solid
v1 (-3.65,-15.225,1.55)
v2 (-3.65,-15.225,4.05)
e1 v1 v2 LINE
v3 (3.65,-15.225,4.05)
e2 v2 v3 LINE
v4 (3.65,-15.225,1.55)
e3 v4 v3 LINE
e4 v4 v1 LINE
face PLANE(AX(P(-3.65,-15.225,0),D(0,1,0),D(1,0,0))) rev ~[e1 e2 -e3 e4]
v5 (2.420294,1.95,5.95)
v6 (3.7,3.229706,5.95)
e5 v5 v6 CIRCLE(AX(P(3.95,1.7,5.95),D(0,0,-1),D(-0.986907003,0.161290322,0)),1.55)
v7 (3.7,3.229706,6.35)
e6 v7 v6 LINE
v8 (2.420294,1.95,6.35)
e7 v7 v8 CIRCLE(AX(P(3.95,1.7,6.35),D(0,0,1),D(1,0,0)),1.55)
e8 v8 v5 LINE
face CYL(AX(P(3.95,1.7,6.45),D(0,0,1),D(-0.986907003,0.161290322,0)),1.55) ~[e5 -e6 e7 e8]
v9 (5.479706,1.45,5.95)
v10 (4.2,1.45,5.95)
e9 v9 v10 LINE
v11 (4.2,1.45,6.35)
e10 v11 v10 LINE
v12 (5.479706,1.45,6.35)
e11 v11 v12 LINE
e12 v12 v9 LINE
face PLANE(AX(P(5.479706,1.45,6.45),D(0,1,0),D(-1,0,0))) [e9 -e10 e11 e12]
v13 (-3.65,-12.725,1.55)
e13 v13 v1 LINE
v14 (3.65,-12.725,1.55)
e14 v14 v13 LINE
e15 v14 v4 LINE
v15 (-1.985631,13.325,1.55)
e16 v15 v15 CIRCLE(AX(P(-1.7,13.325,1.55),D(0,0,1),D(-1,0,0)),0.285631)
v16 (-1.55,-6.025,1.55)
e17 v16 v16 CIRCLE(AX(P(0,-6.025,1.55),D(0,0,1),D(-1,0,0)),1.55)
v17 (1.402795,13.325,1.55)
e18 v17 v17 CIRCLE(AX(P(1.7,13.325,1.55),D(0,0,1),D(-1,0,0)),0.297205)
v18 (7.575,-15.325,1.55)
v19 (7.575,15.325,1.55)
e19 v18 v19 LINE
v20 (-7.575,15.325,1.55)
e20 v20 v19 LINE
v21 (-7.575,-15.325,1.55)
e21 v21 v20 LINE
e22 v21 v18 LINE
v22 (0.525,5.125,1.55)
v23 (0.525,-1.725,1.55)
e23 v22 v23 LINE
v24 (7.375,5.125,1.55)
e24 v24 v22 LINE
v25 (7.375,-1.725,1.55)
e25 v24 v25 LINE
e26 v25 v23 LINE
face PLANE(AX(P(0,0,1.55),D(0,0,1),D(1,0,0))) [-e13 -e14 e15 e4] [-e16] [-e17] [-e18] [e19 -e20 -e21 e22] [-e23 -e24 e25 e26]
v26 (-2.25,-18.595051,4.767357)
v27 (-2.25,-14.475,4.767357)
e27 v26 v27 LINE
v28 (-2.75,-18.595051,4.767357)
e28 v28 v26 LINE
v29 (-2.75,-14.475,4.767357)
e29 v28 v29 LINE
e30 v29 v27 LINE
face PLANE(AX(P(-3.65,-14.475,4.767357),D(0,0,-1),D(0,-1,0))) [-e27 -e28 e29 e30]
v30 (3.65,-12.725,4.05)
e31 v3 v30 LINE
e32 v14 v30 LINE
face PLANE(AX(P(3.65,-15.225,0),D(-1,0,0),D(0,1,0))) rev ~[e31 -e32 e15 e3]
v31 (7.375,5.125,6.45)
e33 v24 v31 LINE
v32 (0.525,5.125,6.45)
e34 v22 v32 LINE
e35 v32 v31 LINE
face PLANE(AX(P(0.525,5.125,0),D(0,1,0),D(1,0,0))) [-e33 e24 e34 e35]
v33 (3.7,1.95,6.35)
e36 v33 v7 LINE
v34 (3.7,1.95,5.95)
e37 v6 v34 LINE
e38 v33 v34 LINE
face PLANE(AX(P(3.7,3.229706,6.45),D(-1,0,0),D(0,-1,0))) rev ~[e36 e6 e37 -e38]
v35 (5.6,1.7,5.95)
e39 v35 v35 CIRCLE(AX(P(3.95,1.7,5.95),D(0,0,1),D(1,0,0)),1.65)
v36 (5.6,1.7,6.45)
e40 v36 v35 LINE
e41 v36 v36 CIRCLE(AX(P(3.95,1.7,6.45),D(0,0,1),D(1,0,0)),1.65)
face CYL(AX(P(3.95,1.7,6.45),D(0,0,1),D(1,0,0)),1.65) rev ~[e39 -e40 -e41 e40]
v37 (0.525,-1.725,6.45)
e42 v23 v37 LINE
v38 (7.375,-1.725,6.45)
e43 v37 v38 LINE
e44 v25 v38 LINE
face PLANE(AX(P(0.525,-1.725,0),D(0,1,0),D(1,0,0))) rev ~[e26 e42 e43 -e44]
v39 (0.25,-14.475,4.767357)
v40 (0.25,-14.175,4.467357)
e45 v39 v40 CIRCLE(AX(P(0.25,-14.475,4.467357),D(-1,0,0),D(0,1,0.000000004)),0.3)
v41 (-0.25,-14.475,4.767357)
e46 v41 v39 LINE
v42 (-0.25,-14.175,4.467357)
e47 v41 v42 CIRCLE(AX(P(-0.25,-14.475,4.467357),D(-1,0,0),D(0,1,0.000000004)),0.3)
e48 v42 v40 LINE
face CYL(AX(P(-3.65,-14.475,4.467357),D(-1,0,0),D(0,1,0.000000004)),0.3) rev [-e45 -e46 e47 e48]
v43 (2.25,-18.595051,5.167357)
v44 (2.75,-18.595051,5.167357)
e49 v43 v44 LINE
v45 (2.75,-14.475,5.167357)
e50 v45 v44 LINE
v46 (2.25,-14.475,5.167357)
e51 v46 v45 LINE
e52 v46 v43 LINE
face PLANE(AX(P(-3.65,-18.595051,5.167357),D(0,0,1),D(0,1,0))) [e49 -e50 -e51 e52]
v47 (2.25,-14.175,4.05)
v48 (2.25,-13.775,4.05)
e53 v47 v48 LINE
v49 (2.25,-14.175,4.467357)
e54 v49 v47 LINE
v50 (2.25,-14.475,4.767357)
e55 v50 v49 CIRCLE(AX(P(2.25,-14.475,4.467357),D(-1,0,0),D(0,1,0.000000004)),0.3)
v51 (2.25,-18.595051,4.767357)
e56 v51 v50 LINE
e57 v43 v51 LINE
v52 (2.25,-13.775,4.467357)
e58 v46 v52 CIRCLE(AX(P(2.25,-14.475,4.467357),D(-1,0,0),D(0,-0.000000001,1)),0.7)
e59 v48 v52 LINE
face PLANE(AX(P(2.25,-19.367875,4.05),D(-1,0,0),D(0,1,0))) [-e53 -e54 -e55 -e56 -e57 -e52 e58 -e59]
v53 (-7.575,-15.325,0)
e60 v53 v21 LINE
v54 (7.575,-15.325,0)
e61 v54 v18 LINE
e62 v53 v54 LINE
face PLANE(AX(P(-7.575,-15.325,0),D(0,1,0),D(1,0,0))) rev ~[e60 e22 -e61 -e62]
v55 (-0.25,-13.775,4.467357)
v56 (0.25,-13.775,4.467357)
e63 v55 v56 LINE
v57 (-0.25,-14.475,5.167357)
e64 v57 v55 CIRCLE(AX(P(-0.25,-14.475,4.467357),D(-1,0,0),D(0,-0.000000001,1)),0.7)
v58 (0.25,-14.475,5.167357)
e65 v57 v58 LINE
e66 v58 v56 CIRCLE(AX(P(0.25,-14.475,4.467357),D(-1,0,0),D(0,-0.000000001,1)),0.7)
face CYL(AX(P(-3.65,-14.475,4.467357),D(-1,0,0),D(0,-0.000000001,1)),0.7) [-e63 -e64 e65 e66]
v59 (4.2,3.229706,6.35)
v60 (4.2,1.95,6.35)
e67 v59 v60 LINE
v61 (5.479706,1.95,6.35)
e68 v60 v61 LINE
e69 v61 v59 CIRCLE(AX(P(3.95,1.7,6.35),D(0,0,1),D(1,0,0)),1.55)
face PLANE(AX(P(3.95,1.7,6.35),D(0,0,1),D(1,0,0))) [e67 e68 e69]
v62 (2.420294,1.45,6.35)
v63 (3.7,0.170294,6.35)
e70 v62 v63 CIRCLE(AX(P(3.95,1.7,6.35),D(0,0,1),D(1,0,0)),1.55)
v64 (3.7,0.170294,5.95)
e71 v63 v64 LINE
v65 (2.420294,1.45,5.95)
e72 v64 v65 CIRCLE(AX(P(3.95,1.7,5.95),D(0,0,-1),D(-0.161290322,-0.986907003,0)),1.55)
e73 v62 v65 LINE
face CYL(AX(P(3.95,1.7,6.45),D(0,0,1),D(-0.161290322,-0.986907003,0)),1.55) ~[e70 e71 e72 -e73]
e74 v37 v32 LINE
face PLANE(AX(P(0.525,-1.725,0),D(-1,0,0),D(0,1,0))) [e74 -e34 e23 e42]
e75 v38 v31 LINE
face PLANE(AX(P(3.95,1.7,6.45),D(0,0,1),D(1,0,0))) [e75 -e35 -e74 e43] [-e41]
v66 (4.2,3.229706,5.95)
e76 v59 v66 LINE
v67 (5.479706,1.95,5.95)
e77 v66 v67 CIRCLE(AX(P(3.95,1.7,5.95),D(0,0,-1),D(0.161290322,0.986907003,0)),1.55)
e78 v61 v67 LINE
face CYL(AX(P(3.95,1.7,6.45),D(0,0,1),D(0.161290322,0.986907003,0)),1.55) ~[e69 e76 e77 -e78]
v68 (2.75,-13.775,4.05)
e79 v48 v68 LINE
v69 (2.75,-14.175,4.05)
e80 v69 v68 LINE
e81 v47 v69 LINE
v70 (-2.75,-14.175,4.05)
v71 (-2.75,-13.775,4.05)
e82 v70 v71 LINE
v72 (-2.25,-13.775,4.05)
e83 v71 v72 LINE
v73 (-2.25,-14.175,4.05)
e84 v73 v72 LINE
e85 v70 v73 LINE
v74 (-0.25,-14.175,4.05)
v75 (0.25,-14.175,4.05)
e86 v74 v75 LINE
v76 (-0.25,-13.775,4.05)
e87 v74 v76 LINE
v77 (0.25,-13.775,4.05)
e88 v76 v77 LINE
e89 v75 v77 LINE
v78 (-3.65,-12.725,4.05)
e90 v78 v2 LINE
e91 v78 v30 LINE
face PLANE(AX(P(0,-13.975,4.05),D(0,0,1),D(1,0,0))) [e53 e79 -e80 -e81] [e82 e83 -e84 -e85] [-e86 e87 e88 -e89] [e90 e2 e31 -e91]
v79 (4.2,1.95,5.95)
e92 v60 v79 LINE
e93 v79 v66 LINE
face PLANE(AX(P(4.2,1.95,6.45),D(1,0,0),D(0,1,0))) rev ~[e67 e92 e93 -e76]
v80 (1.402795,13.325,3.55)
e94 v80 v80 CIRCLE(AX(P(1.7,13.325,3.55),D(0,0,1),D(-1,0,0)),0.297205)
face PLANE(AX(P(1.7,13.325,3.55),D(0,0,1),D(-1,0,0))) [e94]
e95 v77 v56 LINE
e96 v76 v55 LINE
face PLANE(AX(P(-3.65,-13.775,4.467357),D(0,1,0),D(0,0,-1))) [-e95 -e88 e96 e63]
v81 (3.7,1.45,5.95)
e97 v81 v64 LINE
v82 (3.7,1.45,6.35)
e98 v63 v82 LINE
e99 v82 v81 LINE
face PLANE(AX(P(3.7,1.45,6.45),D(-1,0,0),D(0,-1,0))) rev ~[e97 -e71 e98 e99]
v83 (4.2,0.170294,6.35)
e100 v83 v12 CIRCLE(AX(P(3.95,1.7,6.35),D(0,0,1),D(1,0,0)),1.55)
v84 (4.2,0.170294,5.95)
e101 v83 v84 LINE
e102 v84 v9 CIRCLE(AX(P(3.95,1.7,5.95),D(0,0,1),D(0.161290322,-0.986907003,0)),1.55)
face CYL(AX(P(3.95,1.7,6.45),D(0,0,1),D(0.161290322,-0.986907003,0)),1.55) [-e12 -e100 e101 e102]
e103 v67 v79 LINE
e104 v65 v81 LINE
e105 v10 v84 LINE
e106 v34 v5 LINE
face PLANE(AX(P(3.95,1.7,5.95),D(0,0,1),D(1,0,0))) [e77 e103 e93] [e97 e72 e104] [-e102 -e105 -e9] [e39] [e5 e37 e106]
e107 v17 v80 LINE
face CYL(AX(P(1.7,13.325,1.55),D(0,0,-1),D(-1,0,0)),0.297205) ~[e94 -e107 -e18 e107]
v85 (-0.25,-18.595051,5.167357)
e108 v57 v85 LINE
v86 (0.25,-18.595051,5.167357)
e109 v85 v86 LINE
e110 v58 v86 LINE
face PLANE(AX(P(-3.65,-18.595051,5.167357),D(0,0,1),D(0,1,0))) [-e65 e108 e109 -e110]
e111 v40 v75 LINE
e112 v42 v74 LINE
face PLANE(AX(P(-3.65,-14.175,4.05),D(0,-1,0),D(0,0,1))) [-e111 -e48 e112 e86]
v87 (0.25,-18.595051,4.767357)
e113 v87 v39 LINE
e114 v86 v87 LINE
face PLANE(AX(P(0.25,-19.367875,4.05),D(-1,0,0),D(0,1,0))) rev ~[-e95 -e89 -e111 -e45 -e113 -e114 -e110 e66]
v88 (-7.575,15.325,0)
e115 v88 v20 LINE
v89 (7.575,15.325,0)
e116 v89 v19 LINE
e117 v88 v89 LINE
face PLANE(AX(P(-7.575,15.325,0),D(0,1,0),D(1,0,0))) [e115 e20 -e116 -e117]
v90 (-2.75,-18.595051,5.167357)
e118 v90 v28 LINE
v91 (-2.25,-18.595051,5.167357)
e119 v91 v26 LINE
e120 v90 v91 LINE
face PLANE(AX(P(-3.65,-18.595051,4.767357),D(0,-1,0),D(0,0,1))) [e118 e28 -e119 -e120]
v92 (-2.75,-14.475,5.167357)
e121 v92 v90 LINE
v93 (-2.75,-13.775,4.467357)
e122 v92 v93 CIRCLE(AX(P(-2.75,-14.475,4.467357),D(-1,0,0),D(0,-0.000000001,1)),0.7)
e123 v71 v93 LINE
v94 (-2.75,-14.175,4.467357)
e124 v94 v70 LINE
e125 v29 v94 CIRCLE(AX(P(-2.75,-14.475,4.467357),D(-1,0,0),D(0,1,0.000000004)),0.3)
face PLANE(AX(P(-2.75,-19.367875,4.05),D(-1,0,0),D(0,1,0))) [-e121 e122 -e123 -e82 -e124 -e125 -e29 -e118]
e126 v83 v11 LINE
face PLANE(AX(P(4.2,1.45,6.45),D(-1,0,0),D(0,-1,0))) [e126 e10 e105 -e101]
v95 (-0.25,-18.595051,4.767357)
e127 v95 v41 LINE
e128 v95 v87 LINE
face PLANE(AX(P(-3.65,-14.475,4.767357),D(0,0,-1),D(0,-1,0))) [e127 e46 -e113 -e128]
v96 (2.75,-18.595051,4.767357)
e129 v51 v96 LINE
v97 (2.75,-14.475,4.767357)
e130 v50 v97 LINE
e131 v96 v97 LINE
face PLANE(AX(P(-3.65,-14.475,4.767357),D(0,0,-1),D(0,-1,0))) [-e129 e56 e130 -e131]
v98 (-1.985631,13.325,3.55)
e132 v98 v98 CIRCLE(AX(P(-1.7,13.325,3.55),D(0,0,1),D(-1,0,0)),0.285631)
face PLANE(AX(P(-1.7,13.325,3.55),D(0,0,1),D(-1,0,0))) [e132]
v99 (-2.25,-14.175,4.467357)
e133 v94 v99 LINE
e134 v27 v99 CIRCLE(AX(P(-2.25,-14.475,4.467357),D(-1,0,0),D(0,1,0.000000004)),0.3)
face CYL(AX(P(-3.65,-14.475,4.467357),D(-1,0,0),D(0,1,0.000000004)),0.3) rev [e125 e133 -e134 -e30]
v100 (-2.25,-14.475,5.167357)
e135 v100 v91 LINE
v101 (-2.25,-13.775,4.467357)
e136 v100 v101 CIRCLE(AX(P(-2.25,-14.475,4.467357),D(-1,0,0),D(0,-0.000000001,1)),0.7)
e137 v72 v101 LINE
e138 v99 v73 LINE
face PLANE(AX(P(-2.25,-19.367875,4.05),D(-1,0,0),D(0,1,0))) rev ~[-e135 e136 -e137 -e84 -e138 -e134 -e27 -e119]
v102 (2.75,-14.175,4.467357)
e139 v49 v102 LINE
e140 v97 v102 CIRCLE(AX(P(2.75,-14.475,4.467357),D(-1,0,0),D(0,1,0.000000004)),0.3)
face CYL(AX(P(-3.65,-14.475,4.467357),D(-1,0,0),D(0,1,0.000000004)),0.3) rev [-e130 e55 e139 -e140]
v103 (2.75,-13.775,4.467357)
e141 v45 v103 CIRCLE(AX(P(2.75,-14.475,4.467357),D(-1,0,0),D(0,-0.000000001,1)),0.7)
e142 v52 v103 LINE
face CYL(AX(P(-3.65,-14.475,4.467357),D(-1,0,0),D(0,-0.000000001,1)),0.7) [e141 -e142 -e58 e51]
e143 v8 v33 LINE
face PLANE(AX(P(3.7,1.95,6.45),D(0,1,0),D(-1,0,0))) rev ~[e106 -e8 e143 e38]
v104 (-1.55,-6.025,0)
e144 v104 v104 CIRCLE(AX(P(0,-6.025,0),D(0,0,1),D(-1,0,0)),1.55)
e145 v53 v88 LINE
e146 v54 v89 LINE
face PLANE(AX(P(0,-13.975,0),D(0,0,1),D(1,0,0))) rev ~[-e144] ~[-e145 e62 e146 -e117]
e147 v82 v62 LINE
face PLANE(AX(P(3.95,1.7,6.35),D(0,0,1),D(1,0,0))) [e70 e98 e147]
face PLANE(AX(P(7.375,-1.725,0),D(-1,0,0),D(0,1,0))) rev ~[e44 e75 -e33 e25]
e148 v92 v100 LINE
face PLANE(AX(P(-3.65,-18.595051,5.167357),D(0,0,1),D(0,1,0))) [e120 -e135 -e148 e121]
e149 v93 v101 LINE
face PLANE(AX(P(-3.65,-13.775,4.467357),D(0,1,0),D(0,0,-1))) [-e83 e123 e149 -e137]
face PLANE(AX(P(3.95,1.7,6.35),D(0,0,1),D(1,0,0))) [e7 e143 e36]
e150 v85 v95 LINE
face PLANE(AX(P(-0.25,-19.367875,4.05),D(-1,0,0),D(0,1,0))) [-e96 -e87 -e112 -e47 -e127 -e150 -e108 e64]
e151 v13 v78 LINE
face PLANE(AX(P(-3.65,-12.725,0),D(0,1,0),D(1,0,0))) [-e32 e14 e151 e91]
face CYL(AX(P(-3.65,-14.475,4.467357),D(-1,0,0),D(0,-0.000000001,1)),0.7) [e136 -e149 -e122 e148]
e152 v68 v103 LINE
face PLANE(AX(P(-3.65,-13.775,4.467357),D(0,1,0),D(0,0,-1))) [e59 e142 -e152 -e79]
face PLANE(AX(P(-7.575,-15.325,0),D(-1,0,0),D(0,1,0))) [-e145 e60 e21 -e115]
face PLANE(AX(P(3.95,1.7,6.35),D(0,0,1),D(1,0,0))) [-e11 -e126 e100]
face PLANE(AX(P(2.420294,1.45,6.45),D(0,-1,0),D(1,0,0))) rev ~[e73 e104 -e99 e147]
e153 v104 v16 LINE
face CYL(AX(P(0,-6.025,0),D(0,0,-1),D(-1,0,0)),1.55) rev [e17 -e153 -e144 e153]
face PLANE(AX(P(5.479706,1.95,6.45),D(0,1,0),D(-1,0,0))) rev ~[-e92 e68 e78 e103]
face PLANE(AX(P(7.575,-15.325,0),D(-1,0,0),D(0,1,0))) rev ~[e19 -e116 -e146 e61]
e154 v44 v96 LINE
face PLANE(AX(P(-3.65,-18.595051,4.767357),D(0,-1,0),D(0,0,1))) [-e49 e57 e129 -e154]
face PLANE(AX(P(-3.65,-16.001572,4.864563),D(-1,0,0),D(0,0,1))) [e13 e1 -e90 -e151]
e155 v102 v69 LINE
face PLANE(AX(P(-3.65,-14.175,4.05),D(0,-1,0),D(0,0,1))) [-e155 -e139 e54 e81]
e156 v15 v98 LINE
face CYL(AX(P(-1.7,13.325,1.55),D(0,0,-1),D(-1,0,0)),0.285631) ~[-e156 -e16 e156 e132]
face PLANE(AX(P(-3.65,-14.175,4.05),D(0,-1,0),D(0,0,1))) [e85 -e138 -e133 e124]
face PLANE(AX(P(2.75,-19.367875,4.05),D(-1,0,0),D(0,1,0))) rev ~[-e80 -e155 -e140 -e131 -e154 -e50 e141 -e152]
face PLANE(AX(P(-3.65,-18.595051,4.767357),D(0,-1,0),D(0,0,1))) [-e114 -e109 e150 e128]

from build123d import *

# Parameters (mm, degrees)
ESBO_O1_W                = 15.15
ESBO_O1_H                = 30.65
ESBO_O1_R                = 1.55
RESSALTO_EXTRUS_O1_DEPTH = 1.55
ESBO_O2_W                = 6.85
ESBO_O2_H                = 6.85
RESSALTO_EXTRUS_O2_DEPTH = 6.45
ESBO_O3_R                = 1.65
CORTE_EXTRUS_O1_DEPTH    = 0.5
ESBO_O4_W                = 7.3
ESBO_O4_H                = 2.5
RESSALTO_EXTRUS_O3_DEPTH = 4.05
RESSALTO_EXTRUS_O5_DEPTH = 7.398508
ESBO_O12_W               = 1.34798559
ESBO_O12_H               = 5.991047065
ESBO_O12_W_2             = 0.998507844
ESBO_O12_W_3             = 2
CORTE_EXTRUS_O2_DEPTH    = 10
ESBO_O9_R                = 1.55
CORTE_EXTRUS_O3_DEPTH    = 0.1
ESBO_O15_R               = 0.297205441
ESBO_O15_R_2             = 0.285630525
RESSALTO_EXTRUS_O6_DEPTH = 2


with BuildPart() as part:
    # Esboço1 → Ressalto-extrusão1 (new body)
    with BuildSketch(Plane.XY):
        Rectangle(ESBO_O1_W, ESBO_O1_H)
        with Locations(Location((0, -6.025, 0), (0, 0, 180))):
            Circle(ESBO_O1_R, mode=Mode.SUBTRACT)
    extrude(amount=RESSALTO_EXTRUS_O1_DEPTH)

    # Esboço2 → Ressalto-extrusão2 (add)
    with BuildSketch(Plane.XY):
        with Locations((3.95, 1.7)):
            Rectangle(ESBO_O2_W, ESBO_O2_H)
    extrude(amount=RESSALTO_EXTRUS_O2_DEPTH)

    # Esboço3 → Corte-extrusão1 (cut)
    with BuildSketch(Plane.XY.offset(6.45)):
        with Locations((3.95, 1.7)):
            Circle(ESBO_O3_R)
        with BuildLine():
            Line((3.7, 1.95), (2.420294146, 1.95))
            ThreePointArc((2.420294146, 1.95), (2.853984489, 2.796015511), (3.7, 3.229705854))
            Line((3.7, 3.229705854), (3.7, 1.95))
        make_face(mode=Mode.SUBTRACT)
        with BuildLine():
            Line((5.479705854, 1.45), (4.2, 1.45))
            Line((4.2, 1.45), (4.2, 0.170294146))
            ThreePointArc((4.2, 0.170294146), (5.046015511, 0.603984489), (5.479705854, 1.45))
        make_face(mode=Mode.SUBTRACT)
        with BuildLine():
            Line((5.479705854, 1.95), (4.2, 1.95))
            Line((4.2, 1.95), (4.2, 3.229705854))
            ThreePointArc((4.2, 3.229705854), (5.046015511, 2.796015511), (5.479705854, 1.95))
        make_face(mode=Mode.SUBTRACT)
        with BuildLine():
            Line((3.7, 1.45), (3.7, 0.170294146))
            ThreePointArc((3.7, 0.170294146), (2.853984489, 0.603984489), (2.420294146, 1.45))
            Line((2.420294146, 1.45), (3.7, 1.45))
        make_face(mode=Mode.SUBTRACT)
    extrude(amount=-CORTE_EXTRUS_O1_DEPTH, mode=Mode.SUBTRACT)

    # Esboço4 → Ressalto-extrusão3 (add)
    with BuildSketch(Plane.XY):
        with Locations((0, -13.975)):
            Rectangle(ESBO_O4_W, ESBO_O4_H)
    extrude(amount=RESSALTO_EXTRUS_O3_DEPTH)

    # Esboço11 → Ressalto-extrusão5 (add)
    with BuildSketch(Plane.ZY.offset(3.65)):
        with BuildLine():
            Line((4.05, -14.175), (4.467357012, -14.175))
            ThreePointArc((4.467357012, -14.175), (4.679489046, -14.262867966), (4.767357012, -14.475))
            Line((4.767357012, -14.475), (4.767357012, -18.595051461))
            Line((4.767357012, -18.595051461), (5.167357012, -18.595051461))
            Line((5.167357012, -18.595051461), (5.167357012, -14.475))
            ThreePointArc((5.167357012, -14.475), (4.962331759, -13.980025253), (4.467357012, -13.775))
            Line((4.467357012, -13.775), (4.05, -13.775))
            Line((4.05, -13.775), (4.05, -14.175))
        make_face()
    extrude(amount=-RESSALTO_EXTRUS_O5_DEPTH)

    # Esboço12 → Corte-extrusão2 (cut)
    with BuildSketch(Plane.XY.offset(4.05)):
        with Locations((-3.423992795, -16.372351479)):
            Rectangle(ESBO_O12_W, ESBO_O12_H)
        with Locations((3.249253922, -16.372351479)):
            Rectangle(ESBO_O12_W_2, ESBO_O12_H)
        with Locations((-1.25, -16.372351479)):
            Rectangle(ESBO_O12_W_3, ESBO_O12_H)
        with Locations((1.25, -16.372351479)):
            Rectangle(ESBO_O12_W_3, ESBO_O12_H)
    extrude(amount=CORTE_EXTRUS_O2_DEPTH, mode=Mode.SUBTRACT)

    # Esboço9 → Corte-extrusão3 (cut)
    with BuildSketch(Plane.XY.offset(6.45)):
        with Locations((3.95, 1.7)):
            Circle(ESBO_O9_R)
    extrude(amount=-CORTE_EXTRUS_O3_DEPTH, mode=Mode.SUBTRACT)

    # Esboço15 → Ressalto-extrusão6 (add)
    with BuildSketch(Plane.XY.offset(1.55)):
        with Locations(Location((1.7, 13.325, 0), (0, 0, 180))):
            Circle(ESBO_O15_R)
        with Locations(Location((-1.7, 13.325, 0), (0, 0, 180))):
            Circle(ESBO_O15_R_2)
    extrude(amount=RESSALTO_EXTRUS_O6_DEPTH)


solid = part.part
